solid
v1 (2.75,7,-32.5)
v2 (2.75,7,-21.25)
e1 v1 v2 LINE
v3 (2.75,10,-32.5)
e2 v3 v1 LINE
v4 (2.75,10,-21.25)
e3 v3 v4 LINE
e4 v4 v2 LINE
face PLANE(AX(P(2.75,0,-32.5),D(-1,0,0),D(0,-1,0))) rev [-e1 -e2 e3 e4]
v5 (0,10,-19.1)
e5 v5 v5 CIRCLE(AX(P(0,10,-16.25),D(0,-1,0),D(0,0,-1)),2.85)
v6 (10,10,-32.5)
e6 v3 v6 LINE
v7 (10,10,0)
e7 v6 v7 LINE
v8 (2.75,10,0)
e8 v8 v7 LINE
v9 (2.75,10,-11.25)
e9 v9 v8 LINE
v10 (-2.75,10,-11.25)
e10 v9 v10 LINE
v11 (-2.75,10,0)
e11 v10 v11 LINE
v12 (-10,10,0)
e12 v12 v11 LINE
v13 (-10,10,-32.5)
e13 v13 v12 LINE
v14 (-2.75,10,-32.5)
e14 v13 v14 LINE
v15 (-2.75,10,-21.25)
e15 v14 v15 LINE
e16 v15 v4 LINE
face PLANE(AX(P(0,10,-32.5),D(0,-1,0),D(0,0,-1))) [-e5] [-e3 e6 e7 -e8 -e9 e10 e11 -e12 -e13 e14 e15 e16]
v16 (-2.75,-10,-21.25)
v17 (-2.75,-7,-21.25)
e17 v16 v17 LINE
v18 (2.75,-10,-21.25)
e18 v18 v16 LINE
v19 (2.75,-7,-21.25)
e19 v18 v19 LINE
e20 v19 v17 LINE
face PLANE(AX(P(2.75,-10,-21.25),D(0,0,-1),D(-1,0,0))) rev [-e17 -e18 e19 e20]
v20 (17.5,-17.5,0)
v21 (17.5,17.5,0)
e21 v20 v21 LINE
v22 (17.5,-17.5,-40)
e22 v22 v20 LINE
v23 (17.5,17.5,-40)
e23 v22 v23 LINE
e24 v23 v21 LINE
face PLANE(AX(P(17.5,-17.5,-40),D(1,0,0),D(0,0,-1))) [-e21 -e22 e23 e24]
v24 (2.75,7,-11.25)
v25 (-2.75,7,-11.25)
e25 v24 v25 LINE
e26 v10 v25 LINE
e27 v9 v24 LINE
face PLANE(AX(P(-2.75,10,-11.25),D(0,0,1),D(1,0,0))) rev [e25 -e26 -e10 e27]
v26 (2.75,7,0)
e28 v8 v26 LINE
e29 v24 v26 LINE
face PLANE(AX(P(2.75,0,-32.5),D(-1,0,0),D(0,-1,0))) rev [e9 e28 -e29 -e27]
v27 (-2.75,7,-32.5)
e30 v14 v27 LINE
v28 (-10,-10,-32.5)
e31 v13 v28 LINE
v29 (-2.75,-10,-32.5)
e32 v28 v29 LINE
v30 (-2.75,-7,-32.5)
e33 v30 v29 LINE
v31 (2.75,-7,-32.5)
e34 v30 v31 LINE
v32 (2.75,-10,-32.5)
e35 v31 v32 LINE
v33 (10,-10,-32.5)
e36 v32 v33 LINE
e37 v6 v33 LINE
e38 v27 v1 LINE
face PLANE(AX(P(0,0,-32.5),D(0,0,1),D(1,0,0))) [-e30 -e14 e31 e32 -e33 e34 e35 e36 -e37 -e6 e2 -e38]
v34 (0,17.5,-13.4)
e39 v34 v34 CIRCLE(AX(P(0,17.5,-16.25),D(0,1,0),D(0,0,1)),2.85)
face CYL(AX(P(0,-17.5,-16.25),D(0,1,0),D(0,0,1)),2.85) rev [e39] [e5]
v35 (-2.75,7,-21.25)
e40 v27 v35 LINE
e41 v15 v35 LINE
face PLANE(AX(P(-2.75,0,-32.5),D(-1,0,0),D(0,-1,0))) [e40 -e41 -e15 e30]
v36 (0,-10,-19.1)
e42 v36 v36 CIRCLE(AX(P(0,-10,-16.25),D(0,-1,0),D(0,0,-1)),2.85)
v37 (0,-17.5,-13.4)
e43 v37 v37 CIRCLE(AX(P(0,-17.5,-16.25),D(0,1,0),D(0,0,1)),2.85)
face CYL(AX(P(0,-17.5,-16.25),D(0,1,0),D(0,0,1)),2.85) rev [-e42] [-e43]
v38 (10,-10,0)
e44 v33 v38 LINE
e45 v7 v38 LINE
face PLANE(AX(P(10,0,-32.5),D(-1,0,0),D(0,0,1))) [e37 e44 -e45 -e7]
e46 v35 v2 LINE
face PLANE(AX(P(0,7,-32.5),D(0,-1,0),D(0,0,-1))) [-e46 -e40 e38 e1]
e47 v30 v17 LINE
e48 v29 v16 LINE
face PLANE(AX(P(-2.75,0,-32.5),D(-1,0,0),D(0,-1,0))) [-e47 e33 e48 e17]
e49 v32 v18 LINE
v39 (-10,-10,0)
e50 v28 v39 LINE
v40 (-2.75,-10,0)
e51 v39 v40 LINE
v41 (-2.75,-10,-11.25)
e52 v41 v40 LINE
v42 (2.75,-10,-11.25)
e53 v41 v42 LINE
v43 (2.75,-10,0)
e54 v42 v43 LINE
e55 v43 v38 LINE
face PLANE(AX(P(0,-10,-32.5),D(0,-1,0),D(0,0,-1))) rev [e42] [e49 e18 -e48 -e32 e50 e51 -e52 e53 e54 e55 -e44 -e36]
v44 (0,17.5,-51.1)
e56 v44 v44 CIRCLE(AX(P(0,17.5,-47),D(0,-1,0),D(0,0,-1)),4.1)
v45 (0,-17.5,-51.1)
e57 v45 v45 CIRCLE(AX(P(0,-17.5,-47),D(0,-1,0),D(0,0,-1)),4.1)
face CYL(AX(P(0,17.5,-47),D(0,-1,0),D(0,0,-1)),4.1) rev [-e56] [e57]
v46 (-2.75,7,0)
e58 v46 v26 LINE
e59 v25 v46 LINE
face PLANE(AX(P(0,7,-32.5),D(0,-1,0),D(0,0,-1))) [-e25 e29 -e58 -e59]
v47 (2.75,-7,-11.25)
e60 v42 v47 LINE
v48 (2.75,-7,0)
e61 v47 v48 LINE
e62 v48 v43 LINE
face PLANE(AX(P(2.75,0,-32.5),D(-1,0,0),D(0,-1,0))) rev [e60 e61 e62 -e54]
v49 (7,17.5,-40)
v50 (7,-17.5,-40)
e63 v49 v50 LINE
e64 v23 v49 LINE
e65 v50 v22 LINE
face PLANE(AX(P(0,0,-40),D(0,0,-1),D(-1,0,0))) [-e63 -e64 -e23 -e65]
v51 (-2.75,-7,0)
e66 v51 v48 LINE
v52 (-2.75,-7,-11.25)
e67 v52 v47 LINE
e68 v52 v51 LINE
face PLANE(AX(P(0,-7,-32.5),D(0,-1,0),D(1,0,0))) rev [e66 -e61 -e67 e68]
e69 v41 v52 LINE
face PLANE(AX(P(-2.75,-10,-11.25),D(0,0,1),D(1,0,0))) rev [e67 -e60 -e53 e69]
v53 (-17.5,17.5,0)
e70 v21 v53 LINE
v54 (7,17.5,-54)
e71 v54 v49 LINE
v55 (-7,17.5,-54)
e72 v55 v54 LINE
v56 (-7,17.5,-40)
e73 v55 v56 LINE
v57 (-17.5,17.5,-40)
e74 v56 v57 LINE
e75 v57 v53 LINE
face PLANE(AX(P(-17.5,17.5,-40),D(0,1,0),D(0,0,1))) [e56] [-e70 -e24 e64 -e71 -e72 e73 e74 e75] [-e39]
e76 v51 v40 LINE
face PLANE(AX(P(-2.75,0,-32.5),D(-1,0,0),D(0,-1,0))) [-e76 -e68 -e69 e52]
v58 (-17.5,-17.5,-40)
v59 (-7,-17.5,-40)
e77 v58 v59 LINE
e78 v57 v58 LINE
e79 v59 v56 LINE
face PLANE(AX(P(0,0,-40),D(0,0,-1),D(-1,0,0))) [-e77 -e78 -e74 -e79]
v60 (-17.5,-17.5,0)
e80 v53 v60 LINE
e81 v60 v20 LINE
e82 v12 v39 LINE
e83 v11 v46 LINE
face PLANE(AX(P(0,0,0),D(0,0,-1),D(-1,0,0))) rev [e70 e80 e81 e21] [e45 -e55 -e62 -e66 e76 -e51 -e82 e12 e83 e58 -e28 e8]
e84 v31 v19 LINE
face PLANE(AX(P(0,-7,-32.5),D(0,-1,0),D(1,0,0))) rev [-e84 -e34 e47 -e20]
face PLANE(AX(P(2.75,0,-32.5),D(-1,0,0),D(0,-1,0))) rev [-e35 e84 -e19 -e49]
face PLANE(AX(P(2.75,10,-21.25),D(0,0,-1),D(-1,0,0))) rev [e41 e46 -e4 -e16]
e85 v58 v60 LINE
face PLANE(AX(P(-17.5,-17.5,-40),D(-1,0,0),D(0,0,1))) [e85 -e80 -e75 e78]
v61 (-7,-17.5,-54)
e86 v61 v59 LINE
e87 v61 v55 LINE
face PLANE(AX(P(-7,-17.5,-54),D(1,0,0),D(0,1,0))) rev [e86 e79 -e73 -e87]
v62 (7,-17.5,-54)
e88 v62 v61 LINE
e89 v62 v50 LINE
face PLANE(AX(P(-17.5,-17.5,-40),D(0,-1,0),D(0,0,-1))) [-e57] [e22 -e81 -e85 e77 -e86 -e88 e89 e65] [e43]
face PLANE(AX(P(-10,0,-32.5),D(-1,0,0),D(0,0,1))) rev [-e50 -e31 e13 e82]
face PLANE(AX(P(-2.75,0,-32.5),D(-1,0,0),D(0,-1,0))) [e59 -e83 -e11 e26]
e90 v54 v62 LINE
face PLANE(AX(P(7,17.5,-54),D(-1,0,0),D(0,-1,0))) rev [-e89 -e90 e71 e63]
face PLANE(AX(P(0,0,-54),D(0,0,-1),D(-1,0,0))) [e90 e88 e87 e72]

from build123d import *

# Parameters (mm, degrees)
SKETCH_1_W          = 35
SKETCH_1_H          = 35
EXTRUDE_1_DEPTH     = 40
SKETCH_2_W          = 5.5
SKETCH_2_H          = 5.5
SKETCH_2_H_2        = 4.25
SKETCH_2_W_2        = 4.25
SKETCH_2_W_3        = 3
CUT_EXTRUDE_4_DEPTH = 32.5
SKETCH_3_W          = 5.5
SKETCH_3_H          = 10
CUT_EXTRUDE_5_DEPTH = 3
SKETCH_4_W          = 5.5
SKETCH_4_H          = 10
CUT_EXTRUDE_6_DEPTH = 3
CUT_EXTRUDE_7_DEPTH = 56.957573214
SKETCH_6_W          = 14
SKETCH_6_H          = 35
EXTRUDE_2_DEPTH     = 14
CUT_EXTRUDE_8_DEPTH = 67.687705014
SKETCH_13_R         = 4.1
CUT_EXTRUDE_9_DEPTH = 67.687705014


with BuildPart() as part:
    # Эскиз1 → Бобышка-Вытянуть1 (new body)
    with BuildSketch(Plane.XY):
        Rectangle(SKETCH_1_W, SKETCH_1_H)
    extrude(amount=-EXTRUDE_1_DEPTH)

    # Эскиз2 → Вырез-Вытянуть4 (cut)
    with BuildSketch(Plane.XY):
        Rectangle(SKETCH_2_W, SKETCH_2_H)
        with Locations((0, 4.875)):
            Rectangle(SKETCH_2_W, SKETCH_2_H_2)
        with Locations((0, -4.875)):
            Rectangle(SKETCH_2_W, SKETCH_2_H_2)
        Polygon((10, -10), (10, -2.75), (7, -2.75), (2.75, -2.75), (2.75, -7), (2.75, -10), align=None)
        Polygon((10, 10), (2.75, 10), (2.75, 7), (2.75, 2.75), (7, 2.75), (10, 2.75), align=None)
        Polygon((-2.75, 10), (-10, 10), (-10, 2.75), (-7, 2.75), (-2.75, 2.75), (-2.75, 7), align=None)
        Polygon((-7, -2.75), (-10, -2.75), (-10, -10), (-2.75, -10), (-2.75, -7), (-2.75, -2.75), align=None)
        with Locations((-4.875, 0)):
            Rectangle(SKETCH_2_W_2, SKETCH_2_H)
        with Locations((-8.5, 0)):
            Rectangle(SKETCH_2_W_3, SKETCH_2_H)
        with Locations((4.875, 0)):
            Rectangle(SKETCH_2_W_2, SKETCH_2_H)
        with Locations((8.5, 0)):
            Rectangle(SKETCH_2_W_3, SKETCH_2_H)
    extrude(amount=-CUT_EXTRUDE_4_DEPTH, mode=Mode.SUBTRACT)

    # Эскиз3 → Вырез-Вытянуть5 (cut)
    with BuildSketch(Plane.XZ.offset(-7)):
        with Locations((0, -16.25)):
            Rectangle(SKETCH_3_W, SKETCH_3_H)
    extrude(amount=-CUT_EXTRUDE_5_DEPTH, mode=Mode.SUBTRACT)

    # Эскиз4 → Вырез-Вытянуть6 (cut)
    with BuildSketch(Plane(origin=(0, -7, 0), x_dir=(1, 0, 0), z_dir=(0, 1, 0))):
        with Locations((0, 16.25)):
            Rectangle(SKETCH_4_W, SKETCH_4_H)
    extrude(amount=-CUT_EXTRUDE_6_DEPTH, mode=Mode.SUBTRACT)

    # Эскиз5 → Вырез-Вытянуть7 (cut, through all)
    with BuildSketch(Plane(origin=(0, 17.5, 0), x_dir=(1, 0, 0), z_dir=(0, 1, 0))):
        with BuildLine():
            ThreePointArc((0, 19.1), (-2.85, 16.25), (0, 13.4))
            Line((0, 13.4), (0, 19.1))
        make_face()
        with BuildLine():
            Line((0, 19.1), (0, 13.4))
            ThreePointArc((0, 13.4), (2.015254326, 14.234745674), (2.85, 16.25))
            ThreePointArc((2.85, 16.25), (2.015254326, 18.265254326), (0, 19.1))
        make_face()
    extrude(amount=-CUT_EXTRUDE_7_DEPTH, mode=Mode.SUBTRACT)

    # Эскиз6 → Бобышка-Вытянуть2 (add)
    with BuildSketch(Plane(origin=(0, 0, -40), x_dir=(-1, 0, 0), z_dir=(0, 0, -1))):
        Rectangle(SKETCH_6_W, SKETCH_6_H)
    extrude(amount=EXTRUDE_2_DEPTH)

    # Эскиз7 → Вырез-Вытянуть8 (cut, through all)
    with BuildSketch(Plane(origin=(0, 17.5, 0), x_dir=(1, 0, 0), z_dir=(0, 1, 0))):
        with BuildLine():
            ThreePointArc((0, 51.03), (-4.03, 47), (0, 42.97))
            Line((0, 42.97), (0, 51.03))
        make_face()
        with BuildLine():
            Line((0, 51.03), (0, 42.97))
            ThreePointArc((0, 42.97), (2.849640328, 44.150359672), (4.03, 47))
            ThreePointArc((4.03, 47), (2.849640328, 49.849640328), (0, 51.03))
        make_face()
    extrude(amount=-CUT_EXTRUDE_8_DEPTH, mode=Mode.SUBTRACT)

    # Эскиз13 → Вырез-Вытянуть9 (cut, through all)
    with BuildSketch(Plane.XZ.offset(17.5)):
        with Locations(Location((0, -47, 0), (0, 0, 270))):
            Circle(SKETCH_13_R)
    extrude(amount=-CUT_EXTRUDE_9_DEPTH, mode=Mode.SUBTRACT)


solid = part.part
